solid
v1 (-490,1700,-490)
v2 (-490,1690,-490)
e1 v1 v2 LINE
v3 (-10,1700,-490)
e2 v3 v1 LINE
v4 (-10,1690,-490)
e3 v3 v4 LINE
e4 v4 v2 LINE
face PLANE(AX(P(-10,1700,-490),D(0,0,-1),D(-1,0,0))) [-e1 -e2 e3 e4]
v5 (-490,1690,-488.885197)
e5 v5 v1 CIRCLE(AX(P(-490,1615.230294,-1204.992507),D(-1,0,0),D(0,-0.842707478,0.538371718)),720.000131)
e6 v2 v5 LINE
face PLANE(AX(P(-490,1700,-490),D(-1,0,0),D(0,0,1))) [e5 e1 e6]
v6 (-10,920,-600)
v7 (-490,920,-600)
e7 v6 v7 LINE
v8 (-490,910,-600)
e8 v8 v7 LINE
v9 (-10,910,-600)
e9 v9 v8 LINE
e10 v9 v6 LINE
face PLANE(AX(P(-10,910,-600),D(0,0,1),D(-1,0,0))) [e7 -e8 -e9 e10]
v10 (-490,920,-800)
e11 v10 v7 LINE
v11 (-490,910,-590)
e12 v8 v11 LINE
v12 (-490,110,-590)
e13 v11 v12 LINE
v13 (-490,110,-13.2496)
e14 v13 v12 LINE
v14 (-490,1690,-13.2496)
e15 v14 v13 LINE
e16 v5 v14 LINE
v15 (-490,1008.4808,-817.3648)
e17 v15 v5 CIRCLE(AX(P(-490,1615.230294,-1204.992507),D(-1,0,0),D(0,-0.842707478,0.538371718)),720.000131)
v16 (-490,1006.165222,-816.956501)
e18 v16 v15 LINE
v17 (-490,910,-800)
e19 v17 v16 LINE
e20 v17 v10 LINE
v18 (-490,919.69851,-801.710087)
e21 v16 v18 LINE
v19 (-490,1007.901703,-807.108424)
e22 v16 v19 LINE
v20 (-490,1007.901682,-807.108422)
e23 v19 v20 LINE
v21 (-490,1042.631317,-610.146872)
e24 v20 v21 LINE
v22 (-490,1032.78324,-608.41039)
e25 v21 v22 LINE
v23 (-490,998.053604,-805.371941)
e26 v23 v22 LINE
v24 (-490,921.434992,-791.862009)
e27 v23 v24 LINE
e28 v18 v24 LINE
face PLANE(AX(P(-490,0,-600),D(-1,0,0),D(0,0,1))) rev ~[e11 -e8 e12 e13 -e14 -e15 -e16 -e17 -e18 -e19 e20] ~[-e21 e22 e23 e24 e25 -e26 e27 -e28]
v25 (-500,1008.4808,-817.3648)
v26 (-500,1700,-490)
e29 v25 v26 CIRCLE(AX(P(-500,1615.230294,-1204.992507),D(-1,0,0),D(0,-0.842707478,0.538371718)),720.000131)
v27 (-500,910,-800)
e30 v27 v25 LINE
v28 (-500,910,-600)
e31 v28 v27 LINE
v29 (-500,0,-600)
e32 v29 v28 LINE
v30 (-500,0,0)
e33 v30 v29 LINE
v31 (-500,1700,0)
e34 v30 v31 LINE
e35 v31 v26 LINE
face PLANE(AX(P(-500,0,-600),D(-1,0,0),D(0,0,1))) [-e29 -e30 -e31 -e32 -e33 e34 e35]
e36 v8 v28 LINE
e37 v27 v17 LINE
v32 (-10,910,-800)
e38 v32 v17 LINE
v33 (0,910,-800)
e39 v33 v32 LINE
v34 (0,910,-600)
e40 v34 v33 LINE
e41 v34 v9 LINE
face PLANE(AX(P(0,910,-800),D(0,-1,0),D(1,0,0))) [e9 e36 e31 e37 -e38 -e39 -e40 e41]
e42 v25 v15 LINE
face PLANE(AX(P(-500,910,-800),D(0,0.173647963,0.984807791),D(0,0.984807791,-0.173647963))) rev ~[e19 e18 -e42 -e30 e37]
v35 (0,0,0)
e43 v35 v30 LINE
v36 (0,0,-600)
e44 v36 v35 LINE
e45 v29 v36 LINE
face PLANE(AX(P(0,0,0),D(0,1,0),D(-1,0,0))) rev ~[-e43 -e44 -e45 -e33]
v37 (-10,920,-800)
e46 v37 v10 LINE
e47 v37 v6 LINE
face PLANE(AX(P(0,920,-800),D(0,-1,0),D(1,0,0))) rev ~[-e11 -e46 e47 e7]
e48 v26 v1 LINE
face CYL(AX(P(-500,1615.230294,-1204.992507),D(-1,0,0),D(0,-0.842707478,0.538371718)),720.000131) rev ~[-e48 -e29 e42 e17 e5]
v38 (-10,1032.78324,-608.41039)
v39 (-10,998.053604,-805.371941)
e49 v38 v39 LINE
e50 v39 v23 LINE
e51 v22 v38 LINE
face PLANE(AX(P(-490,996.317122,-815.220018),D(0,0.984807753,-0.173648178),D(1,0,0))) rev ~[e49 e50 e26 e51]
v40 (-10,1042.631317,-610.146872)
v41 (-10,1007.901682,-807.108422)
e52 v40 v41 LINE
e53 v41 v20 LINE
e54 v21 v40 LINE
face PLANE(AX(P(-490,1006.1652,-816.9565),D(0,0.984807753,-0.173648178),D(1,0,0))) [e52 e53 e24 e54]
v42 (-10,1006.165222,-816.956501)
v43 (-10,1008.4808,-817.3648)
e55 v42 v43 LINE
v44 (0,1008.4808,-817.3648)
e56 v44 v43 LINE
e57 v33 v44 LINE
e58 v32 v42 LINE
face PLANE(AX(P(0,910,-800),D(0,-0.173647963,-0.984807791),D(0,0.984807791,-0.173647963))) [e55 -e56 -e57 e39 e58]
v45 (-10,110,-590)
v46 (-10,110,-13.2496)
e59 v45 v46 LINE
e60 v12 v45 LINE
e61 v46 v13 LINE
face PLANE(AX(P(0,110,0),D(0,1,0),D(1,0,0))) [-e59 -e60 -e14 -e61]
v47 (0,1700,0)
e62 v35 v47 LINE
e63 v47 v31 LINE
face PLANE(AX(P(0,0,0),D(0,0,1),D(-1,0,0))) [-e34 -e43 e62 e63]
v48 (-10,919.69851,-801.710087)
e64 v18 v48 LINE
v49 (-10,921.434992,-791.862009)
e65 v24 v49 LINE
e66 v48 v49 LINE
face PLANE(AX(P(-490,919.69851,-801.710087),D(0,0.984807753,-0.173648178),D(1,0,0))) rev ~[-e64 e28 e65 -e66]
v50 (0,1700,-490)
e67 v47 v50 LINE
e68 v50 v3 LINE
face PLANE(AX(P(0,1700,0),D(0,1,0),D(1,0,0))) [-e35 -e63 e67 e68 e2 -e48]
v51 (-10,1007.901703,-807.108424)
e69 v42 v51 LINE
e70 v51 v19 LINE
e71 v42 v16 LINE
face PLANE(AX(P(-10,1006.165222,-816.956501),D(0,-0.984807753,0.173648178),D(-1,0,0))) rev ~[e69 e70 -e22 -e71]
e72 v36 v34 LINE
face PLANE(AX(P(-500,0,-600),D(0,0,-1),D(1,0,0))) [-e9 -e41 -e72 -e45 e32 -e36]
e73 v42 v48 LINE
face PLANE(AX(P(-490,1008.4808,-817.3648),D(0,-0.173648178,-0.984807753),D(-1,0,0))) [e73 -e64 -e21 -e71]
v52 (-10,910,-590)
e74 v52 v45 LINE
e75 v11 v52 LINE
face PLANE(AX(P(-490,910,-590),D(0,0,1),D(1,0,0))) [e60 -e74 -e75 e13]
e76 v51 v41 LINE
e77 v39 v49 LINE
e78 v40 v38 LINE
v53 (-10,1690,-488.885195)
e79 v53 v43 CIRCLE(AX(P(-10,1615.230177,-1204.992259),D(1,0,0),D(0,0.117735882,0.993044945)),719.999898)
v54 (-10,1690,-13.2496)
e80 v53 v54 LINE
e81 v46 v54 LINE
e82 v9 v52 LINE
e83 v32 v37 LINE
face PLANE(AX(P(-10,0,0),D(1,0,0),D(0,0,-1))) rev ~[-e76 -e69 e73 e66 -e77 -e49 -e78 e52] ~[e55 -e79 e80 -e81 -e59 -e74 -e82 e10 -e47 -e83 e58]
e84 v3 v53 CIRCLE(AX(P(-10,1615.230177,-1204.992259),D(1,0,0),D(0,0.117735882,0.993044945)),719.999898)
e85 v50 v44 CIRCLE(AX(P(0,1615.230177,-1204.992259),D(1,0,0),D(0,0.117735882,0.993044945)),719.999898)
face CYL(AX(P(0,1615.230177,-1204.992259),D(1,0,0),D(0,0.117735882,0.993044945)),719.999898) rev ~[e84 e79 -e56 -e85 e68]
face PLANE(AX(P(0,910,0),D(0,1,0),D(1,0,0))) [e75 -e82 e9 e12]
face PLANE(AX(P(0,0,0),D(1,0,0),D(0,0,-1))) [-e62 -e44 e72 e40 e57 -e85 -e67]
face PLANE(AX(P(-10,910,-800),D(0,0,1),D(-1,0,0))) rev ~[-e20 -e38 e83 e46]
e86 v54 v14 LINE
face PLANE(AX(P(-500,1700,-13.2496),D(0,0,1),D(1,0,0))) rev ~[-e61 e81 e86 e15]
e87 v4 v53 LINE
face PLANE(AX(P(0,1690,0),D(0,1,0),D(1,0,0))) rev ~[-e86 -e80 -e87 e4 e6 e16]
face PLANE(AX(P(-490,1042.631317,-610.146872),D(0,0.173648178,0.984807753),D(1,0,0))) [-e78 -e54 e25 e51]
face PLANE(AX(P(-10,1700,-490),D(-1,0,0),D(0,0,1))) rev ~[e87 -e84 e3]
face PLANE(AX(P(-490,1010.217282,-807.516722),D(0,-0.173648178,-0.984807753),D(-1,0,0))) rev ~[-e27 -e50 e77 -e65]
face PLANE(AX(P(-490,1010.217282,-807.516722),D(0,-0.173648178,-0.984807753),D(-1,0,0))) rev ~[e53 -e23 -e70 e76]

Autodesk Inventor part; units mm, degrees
ref_plane "YZ Plane" through (0, 0, 0) normal (1, 0, 0) x (0, 1, 0)
ref_plane "XZ Plane" through (0, 0, 0) normal (0, 1, 0) x (-1, 0, 0)
ref_plane "XY Plane" through (0, 0, 0) normal (0, 0, 1) x (1, 0, 0)
sketch "Esquisse1" plane through (0, 0, 0) normal (0, 1, 0) x (-1, 0, 0)
  line L0 (0, 0) -> (500, 0)
  line L1 (500, 0) -> (500, -600)
  line L2 (500, -600) -> (0, -600)
  line L3 (0, -600) -> (0, 0)
  dimension "d0" = 500
  dimension "d1" = 600
extrude "Extrusion1" add sketch "Esquisse1" along normal blind 1700
sketch "Esquisse3" plane through (0, 1700, 0) normal (0, 1, 0) x (1, 0, 0)
  line L0 (-500, 600) -> (-500, 0) projected
  line L1 (0, 600) -> (-500, 600) projected
  line L2 (-500, 13.2496) -> (0, 13.2496)
  line L3 (0, 13.2496) -> (0, 600)
  line L4 (0, 600) -> (-500, 600)
  line L5 (-500, 600) -> (-500, 13.2496)
  point P0 (0, 0)
extrude "Extrusion2" cut sketch "Esquisse3" against normal blind 790
sketch "Esquisse4" plane through (0, 910, 0) normal (0, 1, 0) x (1, 0, 0)
  line L0 (0, 13.2496) -> (-500, 13.2496) projected
  line L1 (0, 13.2496) -> (-10, 13.2496)
  line L2 (0, 600) -> (-500, 600) projected
  line L3 (-500, 600) -> (-490, 600)
  line L4 (-490, 600) -> (-490, 590)
  line L5 (-490, 590) -> (-10, 590)
  line L6 (-10, 590) -> (-10, 13.2496)
  line L7 (-10, 13.2496) -> (-490, 13.2496)
  line L8 (-490, 13.2496) -> (-490, 590)
  point P0 (0, 0)
  dimension "d7" = 10
  dimension "d8" = 10
  dimension "d9" = 10
extrude "Extrusion3" cut sketch "Esquisse4" against normal blind 800
sketch "Esquisse5" plane through (0, 0, 0) normal (1, 0, 0) x (0, 0, -1)
  line L0 (600, 0) -> (600, 910) projected
  line L1 (600, 910) -> (800, 910)
  line L2 (800, 910) -> (817.3648, 1008.4808)
  line L3 (0, 0) -> (0, 1700) projected
  line L4 (0, 1700) -> (490, 1700)
  arc A0 (490, 1700) -> (817.3648, 1008.4808) centre (1204.9924, 1615.2302) ccw
  line L5 (13.2496, 1700) -> (13.2496, 910) projected
  line L6 (13.2496, 1700) -> (13.2496, 910)
  line L7 (13.2496, 910) -> (590, 910) projected
  line L8 (800, 910) -> (13.2496, 910)
  dimension "d12" = 200
  dimension "d13" = 100
  dimension "d14" = 100
  dimension "d15" = 490
  dimension "d16" = 720
extrude "Extrusion4" add sketch "Esquisse5" against normal blind 10
sketch "Esquisse6" plane through (-500, 0, -600) normal (-1, 0, 0) x (0, 0, 1)
  line L0 (0, 0) -> (0, 910) projected
  line L1 (0, 910) -> (-200, 910) projected
  line L2 (0, 910) -> (-200, 910)
  line L3 (-200, 910) -> (-217.3648, 1008.4808)
  line L4 (586.7504, 910) -> (586.7504, 110) projected
  line L5 (0, 910) -> (586.7504, 910)
  line L6 (586.7504, 1700) -> (110, 1700) projected
  line L7 (586.7504, 910) -> (586.7504, 1700)
  line L8 (586.7504, 1700) -> (110, 1700)
  arc A0 (-217.3648, 1008.4808) -> (110, 1700) centre (-604.9924, 1615.2302) ccw
  point P0 (600, 0)
  dimension "d19" = 100
  dimension "d20" = 100
sketch "Esquisse7" plane through (-500, 0, -600) normal (-1, 0, 0) x (0, 0, 1)
  line L0 (586.7504, 1700) -> (110, 1700) projected
  line L1 (110, 1700) -> (586.7504, 1700)
  line L2 (0, 0) -> (0, 910) projected
  line L3 (586.7504, 910) -> (10, 910) projected
  line L4 (0, 910) -> (586.7504, 910)
  line L5 (586.7504, 910) -> (586.7504, 1700)
  line L6 (0, 910) -> (-200, 910) projected
  line L7 (0, 910) -> (-200, 910)
  line L8 (-217.3648, 1008.4808) -> (-200, 910) projected
  line L9 (-200, 910) -> (-217.3648, 1008.4808)
  point P0 (600, 0)
extrude "Extrusion5" add sketch "Esquisse6" against normal blind 10
ref_plane "Plan de construction1" through (0, 910, -800) normal (0, -1, 0) x (1, 0, 0)
sketch "Esquisse8" plane through (0, 910, -800) normal (0, -1, 0) x (1, 0, 0)
  line L0 (-10, 0) -> (-10, 200) projected
  line L1 (0, 200) -> (-500, 200) projected
  line L2 (-10, 0) -> (-490, 0)
  line L3 (-490, 0) -> (-490, 200)
  line L4 (-490, 200) -> (-10, 200)
  line L5 (-10, 200) -> (-10, 0)
  point P0 (0, 800)
  dimension "d23" = 480
extrude "Extrusion6" add sketch "Esquisse8" against normal blind 10
sketch "Esquisse9" plane through (-490, 1008.4808, -817.3648) normal (0, -0.1736, -0.9848) x (-1, 0, 0)
  line L0 (-480, 541.3803) -> (-480, -1024.464) projected
  line L1 (0, -90.1519) -> (0, -100) projected
  line L2 (-480, -2.3513) -> (0, -2.3513)
  line L3 (0, -2.3513) -> (0, -90.1519)
  line L4 (0, -90.1519) -> (-480, -90.1519)
  line L5 (-480, -90.1519) -> (-480, -2.3513)
  point P0 (-490, -1135.0936)
extrude "Extrusion7" add sketch "Esquisse9" against normal blind 10
sketch "Esquisse10" plane through (0, 1700, 0) normal (0, 1, 0) x (1, 0, 0)
  point P0 (0, 0)
sketch "Esquisse11" plane through (0, 1700, 0) normal (0, 1, 0) x (1, 0, 0)
  line L0 (-500, 490) -> (-490, 490) projected
  line L1 (-490, 490) -> (-490, 10)
  line L2 (-490, 13.2496) -> (-490, 590) projected
  line L3 (-10, 590) -> (-10, 13.2496) projected
  line L4 (-10, 13.2496) -> (-490, 13.2496) projected
  line L5 (-10, 490) -> (-490, 490)
  line L6 (-490, 490) -> (-490, 13.2496)
  line L7 (-490, 13.2496) -> (-10, 13.2496)
  line L8 (-10, 13.2496) -> (-10, 490)
  point P0 (0, 0)
  dimension "d28" = 480
extrude "Extrusion8" add sketch "Esquisse11" against normal blind 10
sketch "Esquisse13" plane through (-490, 1006.1652, -816.9565) normal (0, 0.9848, -0.1736) x (1, 0, 0)
  line L0 (480, -10) -> (0, -10) projected
  line L1 (480, -10) -> (0, -10)
  line L2 (0, -10) -> (0, -210)
  line L3 (0, -210) -> (480, -210)
  line L4 (480, -210) -> (480, -10)
  point P0 (490, -629.8264)
  dimension "d33" = 480
  dimension "d34" = 200
extrude "Extrusion9" add sketch "Esquisse13" against normal blind 10
equation "\"RayonPli\" = Epaisseur"
equation "\"LargeurGrugeage\" = Epaisseur"
equation "\"ProfondeurGrugeage\" = 0.5 * Epaisseur"
equation "\"TailleGrugeage\" = 4 * Epaisseur"
equation "\"RestesMinimum\" = 2 * Epaisseur"
equation "\"Rayondetransition\" = RayonPli"
equation "\"TailleRayonJacobi\" = RayonPli"
equation "\"TailleJeu\" = Epaisseur"
equation "\"Epaisseur\" = 0.5"
